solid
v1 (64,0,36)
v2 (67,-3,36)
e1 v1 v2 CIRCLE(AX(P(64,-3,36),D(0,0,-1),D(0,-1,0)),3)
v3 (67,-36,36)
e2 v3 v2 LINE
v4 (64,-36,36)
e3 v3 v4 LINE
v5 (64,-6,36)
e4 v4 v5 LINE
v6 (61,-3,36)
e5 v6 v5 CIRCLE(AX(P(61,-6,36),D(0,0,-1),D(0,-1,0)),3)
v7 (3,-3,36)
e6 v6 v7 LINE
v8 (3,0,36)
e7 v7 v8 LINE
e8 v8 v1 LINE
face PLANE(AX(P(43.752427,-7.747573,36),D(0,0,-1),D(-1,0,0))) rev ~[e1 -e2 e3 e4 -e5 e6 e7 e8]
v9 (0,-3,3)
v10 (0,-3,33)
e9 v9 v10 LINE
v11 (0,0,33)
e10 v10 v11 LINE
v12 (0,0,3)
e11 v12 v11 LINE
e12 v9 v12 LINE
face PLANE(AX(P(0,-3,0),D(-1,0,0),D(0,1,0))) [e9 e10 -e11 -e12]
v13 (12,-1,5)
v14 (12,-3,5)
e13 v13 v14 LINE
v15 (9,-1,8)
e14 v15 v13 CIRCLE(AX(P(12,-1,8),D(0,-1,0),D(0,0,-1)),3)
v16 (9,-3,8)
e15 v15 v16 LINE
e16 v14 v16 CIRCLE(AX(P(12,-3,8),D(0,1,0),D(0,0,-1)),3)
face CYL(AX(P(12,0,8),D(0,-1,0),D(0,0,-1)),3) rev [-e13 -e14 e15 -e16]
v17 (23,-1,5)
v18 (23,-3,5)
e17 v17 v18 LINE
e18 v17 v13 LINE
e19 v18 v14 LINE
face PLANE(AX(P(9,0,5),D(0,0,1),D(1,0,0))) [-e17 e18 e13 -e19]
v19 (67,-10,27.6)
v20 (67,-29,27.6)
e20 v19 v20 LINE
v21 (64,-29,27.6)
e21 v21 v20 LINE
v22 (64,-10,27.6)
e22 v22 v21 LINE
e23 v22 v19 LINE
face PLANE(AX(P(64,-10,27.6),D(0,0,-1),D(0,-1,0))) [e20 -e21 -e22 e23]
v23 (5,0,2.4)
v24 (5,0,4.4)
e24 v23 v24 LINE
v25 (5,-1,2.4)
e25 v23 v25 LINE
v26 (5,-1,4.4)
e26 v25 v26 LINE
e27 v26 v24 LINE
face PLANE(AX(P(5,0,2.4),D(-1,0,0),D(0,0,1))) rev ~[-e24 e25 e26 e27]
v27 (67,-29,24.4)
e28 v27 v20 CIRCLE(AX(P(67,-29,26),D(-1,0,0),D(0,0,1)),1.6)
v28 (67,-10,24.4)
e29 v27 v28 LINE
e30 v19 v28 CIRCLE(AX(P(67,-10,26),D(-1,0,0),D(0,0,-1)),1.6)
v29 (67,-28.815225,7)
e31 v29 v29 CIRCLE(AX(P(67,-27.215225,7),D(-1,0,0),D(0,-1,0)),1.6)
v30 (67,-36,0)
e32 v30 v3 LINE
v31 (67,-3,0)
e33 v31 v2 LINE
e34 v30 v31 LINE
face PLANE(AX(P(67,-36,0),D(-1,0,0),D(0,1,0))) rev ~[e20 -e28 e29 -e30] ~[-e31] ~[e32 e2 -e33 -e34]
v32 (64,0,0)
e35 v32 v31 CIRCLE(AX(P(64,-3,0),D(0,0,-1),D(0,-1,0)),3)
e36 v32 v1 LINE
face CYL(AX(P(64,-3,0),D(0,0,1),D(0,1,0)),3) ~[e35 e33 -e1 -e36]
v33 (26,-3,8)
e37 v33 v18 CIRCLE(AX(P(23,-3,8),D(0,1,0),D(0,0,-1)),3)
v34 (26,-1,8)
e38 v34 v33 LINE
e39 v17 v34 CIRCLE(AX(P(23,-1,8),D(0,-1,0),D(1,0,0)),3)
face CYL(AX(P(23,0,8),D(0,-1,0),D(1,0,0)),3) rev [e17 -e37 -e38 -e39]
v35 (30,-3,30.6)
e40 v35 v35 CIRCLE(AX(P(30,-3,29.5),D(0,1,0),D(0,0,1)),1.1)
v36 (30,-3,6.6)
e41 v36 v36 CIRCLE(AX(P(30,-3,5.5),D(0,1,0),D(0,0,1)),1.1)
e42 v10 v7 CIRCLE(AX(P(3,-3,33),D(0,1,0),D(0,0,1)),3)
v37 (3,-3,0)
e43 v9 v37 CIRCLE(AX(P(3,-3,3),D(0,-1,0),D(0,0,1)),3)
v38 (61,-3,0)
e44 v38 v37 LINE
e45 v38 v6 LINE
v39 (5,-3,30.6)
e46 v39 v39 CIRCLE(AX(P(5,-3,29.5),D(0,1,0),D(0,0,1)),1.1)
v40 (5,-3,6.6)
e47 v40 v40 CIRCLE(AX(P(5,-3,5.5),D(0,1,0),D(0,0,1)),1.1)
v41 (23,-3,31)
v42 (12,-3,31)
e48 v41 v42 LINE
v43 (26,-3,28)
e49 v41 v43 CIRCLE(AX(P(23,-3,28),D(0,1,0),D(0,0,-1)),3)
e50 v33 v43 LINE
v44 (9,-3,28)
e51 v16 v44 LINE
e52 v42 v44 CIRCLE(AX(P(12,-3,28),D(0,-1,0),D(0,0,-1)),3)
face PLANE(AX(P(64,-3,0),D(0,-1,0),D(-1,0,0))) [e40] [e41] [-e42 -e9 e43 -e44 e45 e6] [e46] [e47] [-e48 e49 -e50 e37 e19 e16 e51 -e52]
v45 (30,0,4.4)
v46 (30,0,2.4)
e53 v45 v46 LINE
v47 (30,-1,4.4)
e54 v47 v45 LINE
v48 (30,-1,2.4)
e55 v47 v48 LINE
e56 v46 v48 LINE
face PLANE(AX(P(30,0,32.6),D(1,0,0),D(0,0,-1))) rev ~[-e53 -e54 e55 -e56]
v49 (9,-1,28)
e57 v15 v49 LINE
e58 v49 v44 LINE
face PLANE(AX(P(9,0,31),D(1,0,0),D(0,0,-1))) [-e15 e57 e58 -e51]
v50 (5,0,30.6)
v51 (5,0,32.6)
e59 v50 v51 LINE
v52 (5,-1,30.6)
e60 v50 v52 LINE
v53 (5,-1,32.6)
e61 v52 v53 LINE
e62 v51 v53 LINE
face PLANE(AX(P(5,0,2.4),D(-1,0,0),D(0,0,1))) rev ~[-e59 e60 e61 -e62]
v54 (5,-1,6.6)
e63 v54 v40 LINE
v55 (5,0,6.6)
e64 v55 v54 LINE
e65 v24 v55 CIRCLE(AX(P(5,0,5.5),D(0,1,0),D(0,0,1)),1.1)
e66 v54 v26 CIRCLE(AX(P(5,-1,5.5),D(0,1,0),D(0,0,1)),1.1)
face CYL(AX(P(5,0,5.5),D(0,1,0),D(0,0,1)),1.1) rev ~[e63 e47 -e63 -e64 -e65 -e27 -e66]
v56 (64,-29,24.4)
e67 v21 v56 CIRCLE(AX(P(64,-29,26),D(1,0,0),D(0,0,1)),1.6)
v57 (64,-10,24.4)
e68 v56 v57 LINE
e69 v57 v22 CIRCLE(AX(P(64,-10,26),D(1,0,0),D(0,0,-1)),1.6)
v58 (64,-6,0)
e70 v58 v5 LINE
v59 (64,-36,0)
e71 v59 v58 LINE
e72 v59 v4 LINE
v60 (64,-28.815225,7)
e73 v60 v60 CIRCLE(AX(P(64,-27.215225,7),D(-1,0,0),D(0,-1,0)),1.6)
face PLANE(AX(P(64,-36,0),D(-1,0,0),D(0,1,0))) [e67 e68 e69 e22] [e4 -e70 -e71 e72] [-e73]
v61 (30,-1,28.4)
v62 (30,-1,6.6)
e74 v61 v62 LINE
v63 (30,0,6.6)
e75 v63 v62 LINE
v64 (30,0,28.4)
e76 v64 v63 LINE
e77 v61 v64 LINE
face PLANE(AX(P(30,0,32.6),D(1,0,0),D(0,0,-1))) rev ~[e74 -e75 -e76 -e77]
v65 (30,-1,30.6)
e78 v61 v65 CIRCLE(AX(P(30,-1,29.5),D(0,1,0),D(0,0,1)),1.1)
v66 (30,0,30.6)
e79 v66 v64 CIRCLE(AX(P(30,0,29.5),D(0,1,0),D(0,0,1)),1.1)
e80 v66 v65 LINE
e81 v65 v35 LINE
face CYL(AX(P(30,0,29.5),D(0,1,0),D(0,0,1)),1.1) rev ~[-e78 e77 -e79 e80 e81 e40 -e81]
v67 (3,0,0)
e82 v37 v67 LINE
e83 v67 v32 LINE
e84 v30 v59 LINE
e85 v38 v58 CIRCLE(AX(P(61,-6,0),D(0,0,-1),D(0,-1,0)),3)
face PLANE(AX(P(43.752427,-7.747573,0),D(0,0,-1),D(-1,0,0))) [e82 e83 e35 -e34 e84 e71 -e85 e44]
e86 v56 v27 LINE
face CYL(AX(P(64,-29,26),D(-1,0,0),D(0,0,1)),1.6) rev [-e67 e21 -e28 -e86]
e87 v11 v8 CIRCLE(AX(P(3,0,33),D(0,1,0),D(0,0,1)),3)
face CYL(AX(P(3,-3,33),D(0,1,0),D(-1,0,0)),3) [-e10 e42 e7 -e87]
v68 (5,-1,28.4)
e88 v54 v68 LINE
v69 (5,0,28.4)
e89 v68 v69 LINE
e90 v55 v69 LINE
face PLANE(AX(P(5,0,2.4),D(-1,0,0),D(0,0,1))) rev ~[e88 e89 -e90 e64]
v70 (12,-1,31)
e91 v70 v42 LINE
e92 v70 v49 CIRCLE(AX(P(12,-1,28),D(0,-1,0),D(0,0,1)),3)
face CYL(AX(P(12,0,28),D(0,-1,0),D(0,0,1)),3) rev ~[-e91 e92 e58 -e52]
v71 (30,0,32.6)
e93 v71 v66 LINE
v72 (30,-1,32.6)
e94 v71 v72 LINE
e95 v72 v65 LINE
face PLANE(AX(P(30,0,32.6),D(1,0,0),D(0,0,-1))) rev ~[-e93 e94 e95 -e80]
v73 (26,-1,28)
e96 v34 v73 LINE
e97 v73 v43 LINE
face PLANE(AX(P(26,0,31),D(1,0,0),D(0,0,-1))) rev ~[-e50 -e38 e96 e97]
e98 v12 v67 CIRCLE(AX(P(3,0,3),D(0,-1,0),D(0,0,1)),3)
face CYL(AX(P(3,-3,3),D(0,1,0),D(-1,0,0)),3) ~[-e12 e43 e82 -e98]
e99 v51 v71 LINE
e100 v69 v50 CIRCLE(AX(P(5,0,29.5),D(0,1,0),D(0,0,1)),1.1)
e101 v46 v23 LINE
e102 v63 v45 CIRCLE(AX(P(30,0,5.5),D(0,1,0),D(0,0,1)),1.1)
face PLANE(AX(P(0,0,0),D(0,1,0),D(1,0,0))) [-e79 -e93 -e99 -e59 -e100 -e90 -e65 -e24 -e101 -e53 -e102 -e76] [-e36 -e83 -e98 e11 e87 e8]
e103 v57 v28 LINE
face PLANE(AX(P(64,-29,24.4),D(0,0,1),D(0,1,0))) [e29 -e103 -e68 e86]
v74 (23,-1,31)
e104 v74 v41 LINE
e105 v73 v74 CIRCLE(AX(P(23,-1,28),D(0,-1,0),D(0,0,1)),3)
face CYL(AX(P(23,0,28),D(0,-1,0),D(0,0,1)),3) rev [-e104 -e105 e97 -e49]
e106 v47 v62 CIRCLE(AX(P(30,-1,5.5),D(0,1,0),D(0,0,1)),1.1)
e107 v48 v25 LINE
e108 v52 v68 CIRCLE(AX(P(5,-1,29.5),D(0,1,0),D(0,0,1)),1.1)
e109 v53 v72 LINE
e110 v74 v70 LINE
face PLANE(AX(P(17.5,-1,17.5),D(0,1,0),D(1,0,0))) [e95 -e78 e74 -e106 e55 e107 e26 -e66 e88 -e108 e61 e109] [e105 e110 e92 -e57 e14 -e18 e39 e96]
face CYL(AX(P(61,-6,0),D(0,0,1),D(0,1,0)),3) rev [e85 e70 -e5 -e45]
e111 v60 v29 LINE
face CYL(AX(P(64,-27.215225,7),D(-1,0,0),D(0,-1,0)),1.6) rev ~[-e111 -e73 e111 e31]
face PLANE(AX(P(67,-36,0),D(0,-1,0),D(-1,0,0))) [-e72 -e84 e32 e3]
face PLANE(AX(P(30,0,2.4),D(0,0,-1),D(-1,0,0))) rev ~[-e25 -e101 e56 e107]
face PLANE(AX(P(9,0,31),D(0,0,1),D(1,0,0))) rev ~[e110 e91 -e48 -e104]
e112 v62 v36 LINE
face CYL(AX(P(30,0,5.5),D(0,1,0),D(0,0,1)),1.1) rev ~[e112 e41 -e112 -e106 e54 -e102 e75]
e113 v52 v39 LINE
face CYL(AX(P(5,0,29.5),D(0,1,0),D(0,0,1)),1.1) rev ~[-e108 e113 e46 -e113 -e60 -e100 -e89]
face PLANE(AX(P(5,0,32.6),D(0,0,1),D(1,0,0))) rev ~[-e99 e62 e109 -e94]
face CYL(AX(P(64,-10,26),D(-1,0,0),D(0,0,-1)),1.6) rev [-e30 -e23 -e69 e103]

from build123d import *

# Parameters (mm, degrees)
EXTRUDE_1_DEPTH     = 36
SKETCH_2_R          = 1.1
SKETCH_2_W          = 17
SKETCH_2_H          = 26
CUT_EXTRUDE_1_DEPTH = 12
SKETCH_3_R          = 1.6
CUT_EXTRUDE_2_DEPTH = 22
FILLET_1_R          = 3
CUT_EXTRUDE_3_DEPTH = 1


with BuildPart() as part:
    # 草图1 → 凸台-拉伸1 (new body)
    with BuildSketch(Plane.XY):
        Polygon((0, 0), (67, 0), (67, -2), (67, -36), (64, -36), (64, -3), (0, -3), align=None)
    extrude(amount=EXTRUDE_1_DEPTH)

    # 草图2 → 切除-拉伸1 (cut)
    with BuildSketch(Plane(origin=(0, 0, 0), x_dir=(1, 0, 0), z_dir=(0, 1, 0))):
        with Locations(Location((5, -5.5, 0), (0, 0, 270))):
            Circle(SKETCH_2_R)
        with Locations(Location((5, -29.5, 0), (0, 0, 270))):
            Circle(SKETCH_2_R)
        with Locations(Location((30, -5.5, 0), (0, 0, 270))):
            Circle(SKETCH_2_R)
        with Locations(Location((30, -29.5, 0), (0, 0, 270))):
            Circle(SKETCH_2_R)
        with Locations((17.5, -18)):
            Rectangle(SKETCH_2_W, SKETCH_2_H)
    extrude(amount=-CUT_EXTRUDE_1_DEPTH, mode=Mode.SUBTRACT)

    # 草图3 → 切除-拉伸2 (cut)
    with BuildSketch(Plane.ZY.offset(-64)):
        with Locations(Location((7, -27.215224582, 0), (0, 0, 270))):
            Circle(SKETCH_3_R)
        with BuildLine():
            Line((27.6, -10), (27.6, -29))
            ThreePointArc((27.6, -29), (26, -30.6), (24.4, -29))
            Line((24.4, -29), (24.4, -10))
            ThreePointArc((24.4, -10), (26, -8.4), (27.6, -10))
        make_face()
    extrude(amount=-CUT_EXTRUDE_2_DEPTH, mode=Mode.SUBTRACT)

    # 圆角1
    fillet_1_edges = [part.edges().sort_by_distance(p)[0] for p in [
        (0, -1.5, 0),
        (67, 0, 18),
        (64, -3, 18),
        (9, -1.5, 31),
        (9, -1.5, 5),
        (26, -1.5, 5),
        (26, -1.5, 31),
        (0, -1.5, 36),
    ]]
    fillet(fillet_1_edges, radius=FILLET_1_R)

    # 草图4 → 切除-拉伸3 (cut)
    with BuildSketch(Plane(origin=(0, 0, 0), x_dir=(1, 0, 0), z_dir=(0, 1, 0))):
        Polygon((5, -4.4), (5, -30.6), (5, -32.6), (30, -32.6), (30, -30.6), (30, -4.4), (30, -2.4), (5, -2.4), align=None)
    extrude(amount=-CUT_EXTRUDE_3_DEPTH, mode=Mode.SUBTRACT)


solid = part.part
